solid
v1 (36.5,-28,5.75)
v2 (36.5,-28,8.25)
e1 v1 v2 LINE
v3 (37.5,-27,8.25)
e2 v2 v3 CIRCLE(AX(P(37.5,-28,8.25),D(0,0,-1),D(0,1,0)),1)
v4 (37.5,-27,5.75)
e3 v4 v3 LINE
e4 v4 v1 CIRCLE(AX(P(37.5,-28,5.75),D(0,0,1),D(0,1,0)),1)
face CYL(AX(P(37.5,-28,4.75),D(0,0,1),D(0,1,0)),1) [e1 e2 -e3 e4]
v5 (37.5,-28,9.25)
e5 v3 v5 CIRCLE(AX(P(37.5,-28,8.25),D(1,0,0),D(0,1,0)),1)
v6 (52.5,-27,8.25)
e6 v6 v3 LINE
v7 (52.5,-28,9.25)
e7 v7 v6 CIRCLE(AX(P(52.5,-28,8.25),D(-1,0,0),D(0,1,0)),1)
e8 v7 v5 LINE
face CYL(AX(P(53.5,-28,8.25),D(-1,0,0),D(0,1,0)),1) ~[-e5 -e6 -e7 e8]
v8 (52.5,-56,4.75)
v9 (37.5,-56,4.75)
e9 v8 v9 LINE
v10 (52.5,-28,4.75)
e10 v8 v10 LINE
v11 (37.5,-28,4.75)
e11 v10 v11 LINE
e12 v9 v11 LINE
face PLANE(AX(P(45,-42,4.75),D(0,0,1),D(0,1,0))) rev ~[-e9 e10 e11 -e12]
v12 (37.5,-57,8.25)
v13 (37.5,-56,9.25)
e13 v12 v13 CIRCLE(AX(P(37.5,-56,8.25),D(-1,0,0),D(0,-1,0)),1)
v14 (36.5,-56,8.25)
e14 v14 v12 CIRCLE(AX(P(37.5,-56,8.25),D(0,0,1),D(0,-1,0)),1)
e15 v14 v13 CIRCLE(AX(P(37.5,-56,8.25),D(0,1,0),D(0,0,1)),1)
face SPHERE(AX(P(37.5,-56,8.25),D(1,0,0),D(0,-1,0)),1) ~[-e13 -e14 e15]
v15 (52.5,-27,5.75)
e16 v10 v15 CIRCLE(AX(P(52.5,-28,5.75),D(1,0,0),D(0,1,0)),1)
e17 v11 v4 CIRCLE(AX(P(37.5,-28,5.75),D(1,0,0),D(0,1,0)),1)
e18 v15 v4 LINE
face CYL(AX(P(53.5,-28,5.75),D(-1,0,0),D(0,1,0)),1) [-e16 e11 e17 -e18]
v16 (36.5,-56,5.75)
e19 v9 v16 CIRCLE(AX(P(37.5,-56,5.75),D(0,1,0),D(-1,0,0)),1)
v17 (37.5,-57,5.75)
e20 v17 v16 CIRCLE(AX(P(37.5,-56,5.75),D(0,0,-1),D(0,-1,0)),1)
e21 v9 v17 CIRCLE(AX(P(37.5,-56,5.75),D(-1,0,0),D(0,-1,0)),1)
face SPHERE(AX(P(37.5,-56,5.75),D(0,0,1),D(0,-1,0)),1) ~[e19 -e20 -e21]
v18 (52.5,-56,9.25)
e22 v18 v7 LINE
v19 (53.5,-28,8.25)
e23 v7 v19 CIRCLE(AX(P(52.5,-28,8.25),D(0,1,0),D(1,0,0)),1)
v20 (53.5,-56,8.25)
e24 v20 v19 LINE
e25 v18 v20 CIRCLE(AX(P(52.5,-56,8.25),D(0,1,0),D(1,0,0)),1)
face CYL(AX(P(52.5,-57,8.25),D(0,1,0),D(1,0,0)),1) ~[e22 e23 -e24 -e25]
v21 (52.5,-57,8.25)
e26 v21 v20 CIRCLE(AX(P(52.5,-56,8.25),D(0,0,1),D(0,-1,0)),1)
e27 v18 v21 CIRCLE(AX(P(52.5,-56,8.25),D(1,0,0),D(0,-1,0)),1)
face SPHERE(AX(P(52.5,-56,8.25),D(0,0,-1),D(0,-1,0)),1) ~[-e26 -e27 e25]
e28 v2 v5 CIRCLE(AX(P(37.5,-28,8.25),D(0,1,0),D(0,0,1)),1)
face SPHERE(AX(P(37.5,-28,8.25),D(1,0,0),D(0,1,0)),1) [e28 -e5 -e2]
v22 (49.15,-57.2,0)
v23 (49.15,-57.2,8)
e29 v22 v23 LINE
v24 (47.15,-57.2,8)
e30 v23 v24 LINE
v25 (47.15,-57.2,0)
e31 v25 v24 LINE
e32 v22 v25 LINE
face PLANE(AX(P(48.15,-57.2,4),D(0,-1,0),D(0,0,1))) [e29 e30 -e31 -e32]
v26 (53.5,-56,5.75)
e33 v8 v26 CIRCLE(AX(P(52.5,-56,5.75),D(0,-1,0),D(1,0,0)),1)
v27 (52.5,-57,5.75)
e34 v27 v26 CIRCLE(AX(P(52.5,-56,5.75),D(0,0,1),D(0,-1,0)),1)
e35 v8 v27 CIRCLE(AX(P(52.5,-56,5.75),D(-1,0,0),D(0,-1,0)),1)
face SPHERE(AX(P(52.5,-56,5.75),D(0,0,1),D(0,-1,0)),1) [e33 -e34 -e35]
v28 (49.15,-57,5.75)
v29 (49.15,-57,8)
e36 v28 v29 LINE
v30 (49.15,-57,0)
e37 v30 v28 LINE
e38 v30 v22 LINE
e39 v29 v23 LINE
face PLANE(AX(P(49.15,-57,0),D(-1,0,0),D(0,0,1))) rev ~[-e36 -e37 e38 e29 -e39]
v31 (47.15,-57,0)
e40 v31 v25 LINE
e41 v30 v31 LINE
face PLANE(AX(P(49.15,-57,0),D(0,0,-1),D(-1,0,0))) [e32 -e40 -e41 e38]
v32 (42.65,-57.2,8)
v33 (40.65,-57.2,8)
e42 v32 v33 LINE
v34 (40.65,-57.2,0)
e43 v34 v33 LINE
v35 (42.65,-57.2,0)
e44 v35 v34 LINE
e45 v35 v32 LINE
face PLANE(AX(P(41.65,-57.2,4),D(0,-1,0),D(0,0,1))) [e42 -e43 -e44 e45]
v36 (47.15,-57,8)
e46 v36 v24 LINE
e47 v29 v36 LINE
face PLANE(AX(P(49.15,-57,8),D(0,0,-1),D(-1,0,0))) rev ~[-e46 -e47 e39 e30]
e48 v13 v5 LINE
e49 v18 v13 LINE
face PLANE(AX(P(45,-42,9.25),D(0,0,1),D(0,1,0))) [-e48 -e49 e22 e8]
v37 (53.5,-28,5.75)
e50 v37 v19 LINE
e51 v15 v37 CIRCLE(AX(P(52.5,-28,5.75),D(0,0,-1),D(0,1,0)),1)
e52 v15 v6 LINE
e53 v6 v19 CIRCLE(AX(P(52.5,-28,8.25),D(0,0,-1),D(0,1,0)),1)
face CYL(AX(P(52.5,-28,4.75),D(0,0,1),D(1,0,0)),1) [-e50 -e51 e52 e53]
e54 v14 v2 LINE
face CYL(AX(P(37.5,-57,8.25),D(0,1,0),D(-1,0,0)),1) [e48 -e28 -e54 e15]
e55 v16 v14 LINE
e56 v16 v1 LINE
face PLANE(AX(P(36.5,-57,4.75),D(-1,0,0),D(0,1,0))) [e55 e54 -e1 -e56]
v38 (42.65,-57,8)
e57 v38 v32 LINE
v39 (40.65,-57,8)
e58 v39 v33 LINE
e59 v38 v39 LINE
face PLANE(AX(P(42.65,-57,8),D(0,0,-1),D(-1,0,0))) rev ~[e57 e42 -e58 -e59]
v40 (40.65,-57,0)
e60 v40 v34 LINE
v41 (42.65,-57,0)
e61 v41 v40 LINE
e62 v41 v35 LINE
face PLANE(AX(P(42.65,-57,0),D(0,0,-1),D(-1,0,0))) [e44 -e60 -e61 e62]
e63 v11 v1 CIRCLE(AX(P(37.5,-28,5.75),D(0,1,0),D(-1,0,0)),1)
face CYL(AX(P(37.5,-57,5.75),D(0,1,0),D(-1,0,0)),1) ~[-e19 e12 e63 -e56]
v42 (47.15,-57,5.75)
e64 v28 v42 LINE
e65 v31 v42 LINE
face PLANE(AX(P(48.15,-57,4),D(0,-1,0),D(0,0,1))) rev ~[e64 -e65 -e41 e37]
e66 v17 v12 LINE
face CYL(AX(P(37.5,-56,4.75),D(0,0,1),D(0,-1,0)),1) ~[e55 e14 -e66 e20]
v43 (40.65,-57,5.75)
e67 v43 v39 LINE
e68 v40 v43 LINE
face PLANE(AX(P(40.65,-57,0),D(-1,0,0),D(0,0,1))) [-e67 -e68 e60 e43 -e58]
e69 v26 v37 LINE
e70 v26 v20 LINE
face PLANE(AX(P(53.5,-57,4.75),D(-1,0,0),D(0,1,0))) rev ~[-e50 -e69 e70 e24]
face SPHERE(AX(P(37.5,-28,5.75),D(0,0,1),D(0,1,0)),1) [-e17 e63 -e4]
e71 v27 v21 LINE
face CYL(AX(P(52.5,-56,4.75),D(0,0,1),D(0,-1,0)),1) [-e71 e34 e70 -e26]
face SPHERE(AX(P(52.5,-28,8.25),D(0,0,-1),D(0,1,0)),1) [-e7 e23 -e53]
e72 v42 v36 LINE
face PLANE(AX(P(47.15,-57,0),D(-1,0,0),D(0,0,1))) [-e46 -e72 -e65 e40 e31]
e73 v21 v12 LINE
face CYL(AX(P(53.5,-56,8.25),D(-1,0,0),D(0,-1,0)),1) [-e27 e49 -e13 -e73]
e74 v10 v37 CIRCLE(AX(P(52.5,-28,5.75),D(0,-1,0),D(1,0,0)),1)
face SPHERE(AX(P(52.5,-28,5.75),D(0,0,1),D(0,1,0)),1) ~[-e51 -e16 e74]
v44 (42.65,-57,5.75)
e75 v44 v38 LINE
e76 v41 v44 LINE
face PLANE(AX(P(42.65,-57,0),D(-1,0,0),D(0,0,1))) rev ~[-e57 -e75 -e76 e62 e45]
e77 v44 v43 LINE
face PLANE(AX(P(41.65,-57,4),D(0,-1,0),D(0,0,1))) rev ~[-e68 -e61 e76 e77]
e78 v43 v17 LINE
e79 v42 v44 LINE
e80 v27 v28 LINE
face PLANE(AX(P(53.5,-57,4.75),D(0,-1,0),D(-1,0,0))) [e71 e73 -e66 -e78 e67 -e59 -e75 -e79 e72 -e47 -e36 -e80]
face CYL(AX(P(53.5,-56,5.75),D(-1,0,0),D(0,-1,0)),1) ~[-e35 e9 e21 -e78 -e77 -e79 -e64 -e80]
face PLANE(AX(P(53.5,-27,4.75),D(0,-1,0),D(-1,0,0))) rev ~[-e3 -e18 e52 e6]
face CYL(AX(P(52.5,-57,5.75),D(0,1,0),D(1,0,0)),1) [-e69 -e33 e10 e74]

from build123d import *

# Parameters (mm, degrees)
BOX002_W            = 8
BOX002_H            = 2
BOX002_DEPTH        = 0.2
BOX001_W            = 8
BOX001_H            = 2
BOX001_DEPTH        = 0.2
BOX_W               = 30
BOX_H               = 17
BOX_DEPTH           = 4.5
BOX_PLACEMENT_ANGLE = 90
FILLET_R            = 1


with BuildPart() as box002:
    # Box002 → Box002 (new body)
    with BuildSketch(Plane(origin=(49.15, -57, 0), x_dir=(0, 0, 1), z_dir=(0, -1, 0))):
        with Locations((4, 1)):
            Rectangle(BOX002_W, BOX002_H)
    extrude(amount=BOX002_DEPTH)


with BuildPart() as box001:
    # Box001 → Box001 (new body)
    with BuildSketch(Plane(origin=(42.65, -57, 0), x_dir=(0, 0, 1), z_dir=(0, -1, 0))):
        with Locations((4, 1)):
            Rectangle(BOX001_W, BOX001_H)
    extrude(amount=BOX001_DEPTH)


with BuildPart() as battery:
    # Box → Box (new body)
    with BuildSketch(Plane.XY):
        with Locations((15, 8.5)):
            Rectangle(BOX_W, BOX_H)
    extrude(amount=BOX_DEPTH)


with BuildPart() as battery_1:
    # Box placement: moved
    add(battery.part.moved(Location((53.5, -57, 4.75))).rotate(Axis((53.5, -57, 4.75), (0, 0, 1)), BOX_PLACEMENT_ANGLE))

    # Fillet
    fillet_edges = [battery_1.edges().sort_by_distance(p)[0] for p in [
        (53.5, -57, 7),
        (45, -57, 9.25),
        (36.5, -57, 7),
        (45, -57, 4.75),
        (53.5, -27, 7),
        (45, -27, 9.25),
        (36.5, -27, 7),
        (45, -27, 4.75),
        (53.5, -42, 4.75),
        (53.5, -42, 9.25),
        (36.5, -42, 4.75),
        (36.5, -42, 9.25),
    ]]
    fillet(fillet_edges, radius=FILLET_R)

    # Fusion: union Box002, Box001
    add(box002.part)
    add(box001.part)


solid = battery_1.part
